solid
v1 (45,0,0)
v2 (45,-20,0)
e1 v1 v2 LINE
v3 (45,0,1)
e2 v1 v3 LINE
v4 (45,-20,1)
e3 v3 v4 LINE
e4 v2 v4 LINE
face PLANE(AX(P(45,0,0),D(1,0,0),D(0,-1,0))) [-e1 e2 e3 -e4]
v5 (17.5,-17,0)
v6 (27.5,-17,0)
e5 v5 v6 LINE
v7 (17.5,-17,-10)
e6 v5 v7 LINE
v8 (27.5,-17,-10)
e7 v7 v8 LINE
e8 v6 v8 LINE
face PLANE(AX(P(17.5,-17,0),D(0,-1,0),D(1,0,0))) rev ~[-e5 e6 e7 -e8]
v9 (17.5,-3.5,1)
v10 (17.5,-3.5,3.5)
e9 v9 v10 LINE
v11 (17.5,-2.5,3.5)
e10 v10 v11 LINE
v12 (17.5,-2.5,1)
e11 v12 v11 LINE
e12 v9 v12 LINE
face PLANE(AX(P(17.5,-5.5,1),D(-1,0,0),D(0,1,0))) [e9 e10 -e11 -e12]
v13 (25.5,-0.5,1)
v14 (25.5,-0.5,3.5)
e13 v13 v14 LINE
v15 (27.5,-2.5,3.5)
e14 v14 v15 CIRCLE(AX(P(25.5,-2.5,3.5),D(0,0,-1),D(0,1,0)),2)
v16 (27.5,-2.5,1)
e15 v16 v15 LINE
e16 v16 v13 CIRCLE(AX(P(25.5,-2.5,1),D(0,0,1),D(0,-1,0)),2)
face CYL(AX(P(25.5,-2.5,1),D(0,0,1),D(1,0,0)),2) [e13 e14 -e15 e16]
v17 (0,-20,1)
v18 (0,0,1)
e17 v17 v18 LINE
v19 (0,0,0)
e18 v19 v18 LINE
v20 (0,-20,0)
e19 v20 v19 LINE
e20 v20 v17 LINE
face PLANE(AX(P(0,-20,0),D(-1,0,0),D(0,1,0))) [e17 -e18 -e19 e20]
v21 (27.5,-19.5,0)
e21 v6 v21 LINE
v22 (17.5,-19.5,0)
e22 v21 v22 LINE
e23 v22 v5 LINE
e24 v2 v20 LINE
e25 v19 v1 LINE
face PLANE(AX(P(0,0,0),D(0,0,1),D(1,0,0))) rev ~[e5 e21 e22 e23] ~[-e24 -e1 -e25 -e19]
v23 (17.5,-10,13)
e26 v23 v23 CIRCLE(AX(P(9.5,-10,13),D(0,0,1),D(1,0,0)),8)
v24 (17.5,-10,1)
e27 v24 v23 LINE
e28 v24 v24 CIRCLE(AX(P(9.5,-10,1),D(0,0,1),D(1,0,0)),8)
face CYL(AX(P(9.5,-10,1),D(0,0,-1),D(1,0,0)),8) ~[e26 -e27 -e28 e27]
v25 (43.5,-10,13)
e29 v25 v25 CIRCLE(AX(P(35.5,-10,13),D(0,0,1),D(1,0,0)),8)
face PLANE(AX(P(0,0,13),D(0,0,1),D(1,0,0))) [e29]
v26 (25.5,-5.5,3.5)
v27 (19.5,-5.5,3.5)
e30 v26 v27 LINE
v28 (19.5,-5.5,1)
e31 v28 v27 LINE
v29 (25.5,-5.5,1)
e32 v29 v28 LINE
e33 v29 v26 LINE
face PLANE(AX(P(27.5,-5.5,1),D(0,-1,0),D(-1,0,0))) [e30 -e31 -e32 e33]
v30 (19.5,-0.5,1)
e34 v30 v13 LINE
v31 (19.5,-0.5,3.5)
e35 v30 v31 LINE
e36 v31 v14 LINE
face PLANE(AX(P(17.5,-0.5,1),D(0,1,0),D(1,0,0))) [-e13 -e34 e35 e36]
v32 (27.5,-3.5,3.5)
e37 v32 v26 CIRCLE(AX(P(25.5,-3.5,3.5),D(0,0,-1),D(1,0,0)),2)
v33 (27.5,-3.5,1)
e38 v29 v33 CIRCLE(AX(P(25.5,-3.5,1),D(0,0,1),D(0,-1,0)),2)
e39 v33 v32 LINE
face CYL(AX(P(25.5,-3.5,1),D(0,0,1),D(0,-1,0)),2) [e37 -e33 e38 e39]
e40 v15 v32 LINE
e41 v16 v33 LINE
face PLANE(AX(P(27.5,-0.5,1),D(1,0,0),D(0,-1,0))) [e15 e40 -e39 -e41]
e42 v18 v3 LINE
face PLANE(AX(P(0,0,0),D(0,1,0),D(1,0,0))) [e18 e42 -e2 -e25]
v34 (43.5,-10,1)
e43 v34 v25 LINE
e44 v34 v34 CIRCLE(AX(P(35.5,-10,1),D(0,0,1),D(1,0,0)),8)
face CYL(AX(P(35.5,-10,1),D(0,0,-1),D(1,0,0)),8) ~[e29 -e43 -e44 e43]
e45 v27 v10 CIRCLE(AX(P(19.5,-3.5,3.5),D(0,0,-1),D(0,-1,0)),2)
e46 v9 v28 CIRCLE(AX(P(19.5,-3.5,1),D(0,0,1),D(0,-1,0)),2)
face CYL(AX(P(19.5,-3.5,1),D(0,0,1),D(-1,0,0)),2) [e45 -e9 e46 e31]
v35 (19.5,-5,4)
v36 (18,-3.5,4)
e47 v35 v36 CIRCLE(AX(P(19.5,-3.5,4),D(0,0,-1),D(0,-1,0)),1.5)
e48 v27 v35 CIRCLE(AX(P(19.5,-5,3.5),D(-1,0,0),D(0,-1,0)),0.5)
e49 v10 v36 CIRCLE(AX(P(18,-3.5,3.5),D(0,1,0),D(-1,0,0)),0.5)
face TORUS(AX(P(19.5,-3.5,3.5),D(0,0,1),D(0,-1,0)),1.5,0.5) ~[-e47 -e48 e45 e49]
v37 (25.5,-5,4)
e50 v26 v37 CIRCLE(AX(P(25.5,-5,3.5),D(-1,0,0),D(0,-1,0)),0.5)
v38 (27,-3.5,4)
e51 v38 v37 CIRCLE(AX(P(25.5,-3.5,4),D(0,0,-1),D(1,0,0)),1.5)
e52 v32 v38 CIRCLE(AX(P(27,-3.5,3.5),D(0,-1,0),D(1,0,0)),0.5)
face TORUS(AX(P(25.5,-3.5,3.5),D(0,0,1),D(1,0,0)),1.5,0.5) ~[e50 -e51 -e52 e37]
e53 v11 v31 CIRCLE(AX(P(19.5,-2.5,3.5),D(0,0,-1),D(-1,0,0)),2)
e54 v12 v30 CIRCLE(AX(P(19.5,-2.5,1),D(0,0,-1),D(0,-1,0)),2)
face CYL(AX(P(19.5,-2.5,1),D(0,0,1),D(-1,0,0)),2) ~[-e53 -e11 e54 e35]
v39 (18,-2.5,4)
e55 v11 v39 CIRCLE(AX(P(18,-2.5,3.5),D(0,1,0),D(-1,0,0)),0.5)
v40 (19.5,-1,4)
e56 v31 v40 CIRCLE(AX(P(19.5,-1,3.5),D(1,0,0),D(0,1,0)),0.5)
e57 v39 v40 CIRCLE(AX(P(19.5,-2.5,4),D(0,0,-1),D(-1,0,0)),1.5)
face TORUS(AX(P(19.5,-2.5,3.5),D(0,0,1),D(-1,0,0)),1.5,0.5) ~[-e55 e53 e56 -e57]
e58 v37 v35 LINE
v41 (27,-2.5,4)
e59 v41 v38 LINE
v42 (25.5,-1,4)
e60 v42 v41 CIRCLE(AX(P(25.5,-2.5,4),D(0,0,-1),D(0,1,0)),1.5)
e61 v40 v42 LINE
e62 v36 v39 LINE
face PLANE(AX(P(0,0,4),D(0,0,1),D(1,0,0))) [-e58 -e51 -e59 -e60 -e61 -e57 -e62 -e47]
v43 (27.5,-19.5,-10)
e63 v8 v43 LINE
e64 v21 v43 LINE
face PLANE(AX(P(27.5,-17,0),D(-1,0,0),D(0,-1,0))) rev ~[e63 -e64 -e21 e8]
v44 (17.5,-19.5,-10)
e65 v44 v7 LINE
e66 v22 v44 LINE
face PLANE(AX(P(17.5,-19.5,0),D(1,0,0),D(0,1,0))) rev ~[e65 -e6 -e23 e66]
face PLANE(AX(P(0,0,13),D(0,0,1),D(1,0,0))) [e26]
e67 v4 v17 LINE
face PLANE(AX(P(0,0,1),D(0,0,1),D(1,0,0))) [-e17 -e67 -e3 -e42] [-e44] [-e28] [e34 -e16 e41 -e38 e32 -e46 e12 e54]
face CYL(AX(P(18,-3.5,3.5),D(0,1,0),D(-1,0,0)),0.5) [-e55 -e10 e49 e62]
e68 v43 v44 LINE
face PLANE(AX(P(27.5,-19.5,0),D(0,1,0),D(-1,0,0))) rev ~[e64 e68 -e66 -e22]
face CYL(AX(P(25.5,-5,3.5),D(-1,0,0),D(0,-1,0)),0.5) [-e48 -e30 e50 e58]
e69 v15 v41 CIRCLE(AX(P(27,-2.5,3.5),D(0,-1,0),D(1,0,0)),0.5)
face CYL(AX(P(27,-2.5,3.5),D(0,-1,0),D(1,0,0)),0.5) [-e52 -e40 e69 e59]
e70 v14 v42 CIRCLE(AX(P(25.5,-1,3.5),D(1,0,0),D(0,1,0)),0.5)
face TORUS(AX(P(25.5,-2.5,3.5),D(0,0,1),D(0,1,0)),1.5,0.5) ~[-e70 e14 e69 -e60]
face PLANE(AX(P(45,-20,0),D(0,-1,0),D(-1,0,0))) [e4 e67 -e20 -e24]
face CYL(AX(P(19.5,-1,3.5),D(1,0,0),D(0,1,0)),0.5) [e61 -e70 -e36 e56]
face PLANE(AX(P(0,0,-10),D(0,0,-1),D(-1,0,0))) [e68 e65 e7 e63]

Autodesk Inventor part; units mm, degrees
ref_plane "YZ Plane" through (0, 0, 0) normal (1, 0, 0) x (0, 1, 0)
ref_plane "XZ Plane" through (0, 0, 0) normal (0, 1, 0) x (-1, 0, 0)
ref_plane "XY Plane" through (0, 0, 0) normal (0, 0, 1) x (1, 0, 0)
sketch "Sketch1" plane through (0, 0, 0) normal (0, 0, 1) x (1, 0, 0)
  line L0 (0, 0) -> (45, 0)
  line L1 (45, 0) -> (45, -20)
  line L2 (45, -20) -> (0, -20)
  line L3 (0, -20) -> (0, 0)
  dimension "d0" = 45
  dimension "d1" = 20
extrude "Extrusion1" add sketch "Sketch1" along normal blind 1
sketch "Sketch2" plane through (0, 0, 1) normal (0, 0, 1) x (1, 0, 0)
  circle A0 centre (9.5, -10) radius 8
  circle A1 centre (35.5, -10) radius 8
  line L0 (0, -20) -> (45, -20) projected
  line L1 (0, 0) -> (0, -20) projected
  dimension "d4" = 16
  dimension "d5" = 16
  dimension "d6" = 26
  dimension "d7" = 10
  dimension "d8" = 9.5
extrude "Extrusion2" add sketch "Sketch2" along normal blind 12
sketch "Sketch3" plane through (0, 0, 1) normal (0, 0, 1) x (1, 0, 0)
  line L0 (17.5, -0.5) -> (27.5, -0.5)
  line L1 (27.5, -0.5) -> (27.5, -5.5)
  line L2 (27.5, -5.5) -> (17.5, -5.5)
  line L3 (17.5, -5.5) -> (17.5, -0.5)
  line L4 (0, 0) -> (0, -20) projected
  line L5 (45, 0) -> (0, 0) projected
  dimension "d11" = 10
  dimension "d12" = 5
  dimension "d13" = 17.5
  dimension "d14" = 0.5
extrude "Extrusion3" add sketch "Sketch3" along normal blind 3
fillet "Fillet1" radius 2 4 edges at (27.5, -0.5, 2.5) (27.5, -5.5, 2.5) (17.5, -0.5, 2.5) (17.5, -5.5, 2.5)
fillet "Fillet2" radius 0.5 8 edges at (17.5, -3, 4) (18.0858, -1.0858, 4) (22.5, -0.5, 4) (26.9142, -1.0858, 4) (27.5, -3, 4) (26.9142, -4.9142, 4) (22.5, -5.5, 4) (18.0858, -4.9142, 4)
sketch "Sketch4" plane through (0, 0, 0) normal (0, 0, -1) x (-1, 0, 0)
  point P0 (0, 0)
sketch "Sketch5" plane through (0, 0, 0) normal (0, 0, -1) x (-1, 0, 0)
  line L0 (0, -20) -> (-45, -20) projected
  line L1 (-27.5, -19.5) -> (-17.5, -19.5)
  line L2 (-17.5, -19.5) -> (-17.5, -17)
  line L3 (-17.5, -17) -> (-27.5, -17)
  line L4 (-27.5, -17) -> (-27.5, -19.5)
  line L5 (-45, -20) -> (-45, 0) projected
  point P0 (0, 0)
  point P1 (-17.5, -18.25)
  point P2 (-27.5, -18.25)
  point P3 (-17.5, -20)
  dimension "d20" = 10
  dimension "d21" = 17.5
  dimension "d24" = 0.5
  dimension "d25" = 2.5
extrude "Extrusion4" add sketch "Sketch5" along normal blind 10
properties part number "UltrasonicSensor"
